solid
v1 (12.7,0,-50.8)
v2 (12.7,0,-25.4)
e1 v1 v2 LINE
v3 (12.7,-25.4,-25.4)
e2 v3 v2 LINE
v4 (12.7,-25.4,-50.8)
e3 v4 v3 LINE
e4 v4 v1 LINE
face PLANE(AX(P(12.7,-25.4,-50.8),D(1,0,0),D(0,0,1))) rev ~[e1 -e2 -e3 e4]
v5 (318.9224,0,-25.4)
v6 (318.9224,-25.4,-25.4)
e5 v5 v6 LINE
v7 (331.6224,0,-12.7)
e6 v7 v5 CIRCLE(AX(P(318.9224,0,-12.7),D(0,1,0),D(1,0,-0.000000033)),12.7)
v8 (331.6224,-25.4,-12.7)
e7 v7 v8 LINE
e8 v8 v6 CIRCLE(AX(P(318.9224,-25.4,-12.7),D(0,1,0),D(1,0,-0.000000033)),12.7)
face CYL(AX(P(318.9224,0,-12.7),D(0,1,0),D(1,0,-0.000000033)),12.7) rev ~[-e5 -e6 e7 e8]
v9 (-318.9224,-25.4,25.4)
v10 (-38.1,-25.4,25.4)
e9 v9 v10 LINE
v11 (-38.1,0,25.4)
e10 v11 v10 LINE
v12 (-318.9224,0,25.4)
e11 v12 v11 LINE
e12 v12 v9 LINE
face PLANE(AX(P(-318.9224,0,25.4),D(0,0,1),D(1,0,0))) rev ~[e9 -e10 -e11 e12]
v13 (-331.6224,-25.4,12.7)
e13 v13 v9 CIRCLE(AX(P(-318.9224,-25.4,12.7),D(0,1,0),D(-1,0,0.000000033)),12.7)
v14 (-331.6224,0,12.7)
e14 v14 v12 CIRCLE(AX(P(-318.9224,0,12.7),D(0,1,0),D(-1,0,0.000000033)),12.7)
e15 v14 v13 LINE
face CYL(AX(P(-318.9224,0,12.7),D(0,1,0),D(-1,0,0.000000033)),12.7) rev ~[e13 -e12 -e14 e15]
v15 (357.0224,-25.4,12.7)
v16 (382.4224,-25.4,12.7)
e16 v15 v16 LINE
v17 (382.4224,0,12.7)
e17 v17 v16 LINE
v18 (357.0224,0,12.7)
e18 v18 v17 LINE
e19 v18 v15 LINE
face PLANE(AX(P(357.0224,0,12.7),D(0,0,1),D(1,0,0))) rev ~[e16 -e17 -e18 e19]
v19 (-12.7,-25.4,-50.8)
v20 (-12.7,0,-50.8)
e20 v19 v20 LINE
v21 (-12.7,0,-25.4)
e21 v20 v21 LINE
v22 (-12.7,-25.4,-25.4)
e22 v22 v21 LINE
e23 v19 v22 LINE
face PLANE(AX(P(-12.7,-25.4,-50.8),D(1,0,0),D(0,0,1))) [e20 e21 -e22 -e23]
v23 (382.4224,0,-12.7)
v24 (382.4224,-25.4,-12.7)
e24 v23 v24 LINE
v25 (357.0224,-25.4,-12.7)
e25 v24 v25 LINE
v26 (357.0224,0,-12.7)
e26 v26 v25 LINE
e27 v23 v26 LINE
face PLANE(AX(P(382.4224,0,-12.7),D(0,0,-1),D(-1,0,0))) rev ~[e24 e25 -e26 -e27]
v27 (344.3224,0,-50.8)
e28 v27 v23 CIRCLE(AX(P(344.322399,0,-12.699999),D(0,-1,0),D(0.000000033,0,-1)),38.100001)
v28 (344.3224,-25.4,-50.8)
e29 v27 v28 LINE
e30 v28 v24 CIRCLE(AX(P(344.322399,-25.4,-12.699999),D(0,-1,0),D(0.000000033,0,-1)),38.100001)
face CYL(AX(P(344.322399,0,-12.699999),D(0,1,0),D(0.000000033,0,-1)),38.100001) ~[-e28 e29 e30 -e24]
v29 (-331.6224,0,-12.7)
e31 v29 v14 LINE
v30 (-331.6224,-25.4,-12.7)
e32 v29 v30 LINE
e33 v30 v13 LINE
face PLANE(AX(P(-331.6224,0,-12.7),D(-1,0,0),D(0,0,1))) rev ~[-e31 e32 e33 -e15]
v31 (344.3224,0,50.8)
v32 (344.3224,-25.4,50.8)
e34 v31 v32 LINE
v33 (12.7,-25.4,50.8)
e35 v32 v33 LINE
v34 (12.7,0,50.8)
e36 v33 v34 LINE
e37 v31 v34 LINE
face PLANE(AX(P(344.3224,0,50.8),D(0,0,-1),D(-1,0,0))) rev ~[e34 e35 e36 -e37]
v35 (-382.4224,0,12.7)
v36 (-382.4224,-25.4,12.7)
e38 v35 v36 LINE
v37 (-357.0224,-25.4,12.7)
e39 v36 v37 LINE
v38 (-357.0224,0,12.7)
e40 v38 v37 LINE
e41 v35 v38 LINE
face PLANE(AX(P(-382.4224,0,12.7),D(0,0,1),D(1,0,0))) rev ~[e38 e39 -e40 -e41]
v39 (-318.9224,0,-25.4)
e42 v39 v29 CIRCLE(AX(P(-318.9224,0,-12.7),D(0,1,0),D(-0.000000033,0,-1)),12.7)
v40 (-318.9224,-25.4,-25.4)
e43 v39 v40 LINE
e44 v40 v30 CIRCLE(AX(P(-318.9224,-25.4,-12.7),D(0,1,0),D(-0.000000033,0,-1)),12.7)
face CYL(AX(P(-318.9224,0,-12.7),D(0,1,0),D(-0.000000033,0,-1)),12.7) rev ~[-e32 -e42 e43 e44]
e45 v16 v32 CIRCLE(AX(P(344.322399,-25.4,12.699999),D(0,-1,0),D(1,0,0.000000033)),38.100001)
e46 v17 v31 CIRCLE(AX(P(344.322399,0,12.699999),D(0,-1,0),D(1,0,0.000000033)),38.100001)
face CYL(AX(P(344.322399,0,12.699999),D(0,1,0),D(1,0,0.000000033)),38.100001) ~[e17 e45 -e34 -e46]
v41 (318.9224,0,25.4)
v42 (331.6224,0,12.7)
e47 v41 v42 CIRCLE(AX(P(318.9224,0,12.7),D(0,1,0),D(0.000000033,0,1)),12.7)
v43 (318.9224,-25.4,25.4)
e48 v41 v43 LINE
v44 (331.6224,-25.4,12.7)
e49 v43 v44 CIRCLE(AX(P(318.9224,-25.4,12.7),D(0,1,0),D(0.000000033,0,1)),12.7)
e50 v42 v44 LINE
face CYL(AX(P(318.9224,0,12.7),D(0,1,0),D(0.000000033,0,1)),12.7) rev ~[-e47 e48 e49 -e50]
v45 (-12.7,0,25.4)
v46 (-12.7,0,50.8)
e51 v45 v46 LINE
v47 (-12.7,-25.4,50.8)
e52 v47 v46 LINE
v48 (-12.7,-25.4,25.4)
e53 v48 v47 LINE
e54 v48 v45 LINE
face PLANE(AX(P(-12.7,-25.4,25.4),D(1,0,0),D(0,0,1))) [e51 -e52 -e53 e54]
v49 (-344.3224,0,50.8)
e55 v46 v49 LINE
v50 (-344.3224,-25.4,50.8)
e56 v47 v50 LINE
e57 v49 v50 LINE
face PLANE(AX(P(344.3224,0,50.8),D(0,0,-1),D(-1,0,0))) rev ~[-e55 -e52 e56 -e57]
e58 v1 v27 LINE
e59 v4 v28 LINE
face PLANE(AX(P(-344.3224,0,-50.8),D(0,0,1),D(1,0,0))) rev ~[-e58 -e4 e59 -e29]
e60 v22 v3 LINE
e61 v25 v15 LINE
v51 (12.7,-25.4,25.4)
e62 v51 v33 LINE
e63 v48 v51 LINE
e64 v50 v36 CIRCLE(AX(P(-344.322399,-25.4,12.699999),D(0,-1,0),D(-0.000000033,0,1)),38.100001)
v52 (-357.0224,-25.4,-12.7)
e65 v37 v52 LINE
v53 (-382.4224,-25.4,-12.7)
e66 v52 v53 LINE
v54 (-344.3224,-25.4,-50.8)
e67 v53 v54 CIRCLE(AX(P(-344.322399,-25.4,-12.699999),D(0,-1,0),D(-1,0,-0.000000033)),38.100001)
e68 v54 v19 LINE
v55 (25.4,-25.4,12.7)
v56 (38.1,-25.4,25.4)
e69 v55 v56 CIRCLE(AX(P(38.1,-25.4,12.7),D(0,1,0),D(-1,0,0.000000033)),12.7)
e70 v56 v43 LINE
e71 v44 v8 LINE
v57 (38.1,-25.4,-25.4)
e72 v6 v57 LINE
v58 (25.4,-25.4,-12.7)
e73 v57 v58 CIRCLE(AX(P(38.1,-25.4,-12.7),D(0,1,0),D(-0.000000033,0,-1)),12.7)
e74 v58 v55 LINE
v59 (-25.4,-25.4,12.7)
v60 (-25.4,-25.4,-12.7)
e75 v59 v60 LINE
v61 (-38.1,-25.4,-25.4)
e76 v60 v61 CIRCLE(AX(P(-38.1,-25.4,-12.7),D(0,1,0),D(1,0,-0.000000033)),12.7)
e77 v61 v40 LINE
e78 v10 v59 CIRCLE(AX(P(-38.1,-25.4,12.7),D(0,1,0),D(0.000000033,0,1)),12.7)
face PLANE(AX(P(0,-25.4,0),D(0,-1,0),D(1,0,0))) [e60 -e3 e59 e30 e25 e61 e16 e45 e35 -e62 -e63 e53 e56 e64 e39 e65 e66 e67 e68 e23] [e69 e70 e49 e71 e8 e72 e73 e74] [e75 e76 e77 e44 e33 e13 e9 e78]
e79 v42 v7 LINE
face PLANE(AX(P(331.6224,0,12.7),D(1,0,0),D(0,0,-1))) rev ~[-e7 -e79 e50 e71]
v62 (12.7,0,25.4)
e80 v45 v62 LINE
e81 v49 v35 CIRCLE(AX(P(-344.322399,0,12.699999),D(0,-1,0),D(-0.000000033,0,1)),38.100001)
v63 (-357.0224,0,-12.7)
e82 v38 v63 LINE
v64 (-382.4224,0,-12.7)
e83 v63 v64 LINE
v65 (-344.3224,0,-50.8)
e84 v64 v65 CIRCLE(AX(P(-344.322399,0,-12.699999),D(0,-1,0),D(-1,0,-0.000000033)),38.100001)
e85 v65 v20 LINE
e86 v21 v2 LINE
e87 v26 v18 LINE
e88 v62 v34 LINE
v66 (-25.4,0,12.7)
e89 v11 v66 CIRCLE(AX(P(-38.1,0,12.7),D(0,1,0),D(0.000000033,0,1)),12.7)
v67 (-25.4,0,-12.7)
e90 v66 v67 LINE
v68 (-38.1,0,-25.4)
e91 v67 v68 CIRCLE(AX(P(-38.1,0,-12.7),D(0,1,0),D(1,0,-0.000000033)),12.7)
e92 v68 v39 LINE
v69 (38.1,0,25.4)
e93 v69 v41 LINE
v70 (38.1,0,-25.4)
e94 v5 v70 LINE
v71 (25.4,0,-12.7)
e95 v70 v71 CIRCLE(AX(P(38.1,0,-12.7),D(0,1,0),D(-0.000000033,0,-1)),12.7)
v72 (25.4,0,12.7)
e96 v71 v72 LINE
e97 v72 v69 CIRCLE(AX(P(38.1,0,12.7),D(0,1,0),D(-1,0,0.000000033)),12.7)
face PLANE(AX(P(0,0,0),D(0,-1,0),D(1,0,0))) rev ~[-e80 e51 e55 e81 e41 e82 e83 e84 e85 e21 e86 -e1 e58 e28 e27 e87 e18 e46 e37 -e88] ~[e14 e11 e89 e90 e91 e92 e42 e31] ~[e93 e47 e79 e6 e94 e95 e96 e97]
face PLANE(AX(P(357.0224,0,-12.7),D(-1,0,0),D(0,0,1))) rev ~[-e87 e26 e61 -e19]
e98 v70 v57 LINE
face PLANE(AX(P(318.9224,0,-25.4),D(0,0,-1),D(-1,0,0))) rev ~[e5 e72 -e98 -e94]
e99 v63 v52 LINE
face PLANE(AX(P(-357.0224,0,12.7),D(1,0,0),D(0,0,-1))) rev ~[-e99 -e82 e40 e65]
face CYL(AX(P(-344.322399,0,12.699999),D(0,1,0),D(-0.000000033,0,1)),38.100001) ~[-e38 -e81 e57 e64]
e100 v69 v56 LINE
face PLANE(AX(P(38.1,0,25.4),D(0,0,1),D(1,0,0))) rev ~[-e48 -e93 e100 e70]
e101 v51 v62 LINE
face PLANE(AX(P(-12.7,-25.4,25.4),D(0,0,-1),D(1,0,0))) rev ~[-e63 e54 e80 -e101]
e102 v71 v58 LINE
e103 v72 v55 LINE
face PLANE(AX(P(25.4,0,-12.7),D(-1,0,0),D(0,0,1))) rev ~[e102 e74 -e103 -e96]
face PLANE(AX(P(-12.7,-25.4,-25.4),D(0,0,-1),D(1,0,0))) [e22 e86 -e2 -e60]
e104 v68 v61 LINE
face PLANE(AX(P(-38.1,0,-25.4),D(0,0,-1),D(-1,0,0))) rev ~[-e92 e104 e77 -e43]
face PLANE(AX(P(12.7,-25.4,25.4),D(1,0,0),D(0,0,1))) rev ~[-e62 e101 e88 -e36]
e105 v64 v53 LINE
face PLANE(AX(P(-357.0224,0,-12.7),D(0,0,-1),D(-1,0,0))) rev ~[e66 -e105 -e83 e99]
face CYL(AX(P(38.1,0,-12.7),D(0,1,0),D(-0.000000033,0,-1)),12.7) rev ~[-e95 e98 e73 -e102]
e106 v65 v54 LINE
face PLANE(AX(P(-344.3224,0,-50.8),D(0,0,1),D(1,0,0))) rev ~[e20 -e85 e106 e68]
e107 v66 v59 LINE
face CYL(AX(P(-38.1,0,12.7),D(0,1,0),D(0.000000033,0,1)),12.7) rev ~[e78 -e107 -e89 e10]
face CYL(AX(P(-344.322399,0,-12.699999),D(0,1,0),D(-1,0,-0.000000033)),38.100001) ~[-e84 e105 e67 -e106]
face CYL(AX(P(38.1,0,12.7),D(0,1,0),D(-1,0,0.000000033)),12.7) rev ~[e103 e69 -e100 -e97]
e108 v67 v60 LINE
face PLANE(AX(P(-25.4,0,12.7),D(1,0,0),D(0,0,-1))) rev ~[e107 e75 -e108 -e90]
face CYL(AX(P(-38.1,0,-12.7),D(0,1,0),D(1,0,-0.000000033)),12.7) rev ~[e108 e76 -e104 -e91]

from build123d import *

# Parameters (mm, degrees)
F1_DEPTH = 25.4
F2_W     = 25.4
F2_H     = 25.4
F3_DEPTH = 25.4


with BuildPart() as f1:
    # F0 (on Front) → F1 (new body)
    with BuildSketch(Plane.XZ):
        with BuildLine():
            Line((-382.4224, 12.7), (-357.0224, 12.7))
            Line((-357.0224, 12.7), (-357.0224, -12.7))
            Line((-357.0224, -12.7), (-382.4224, -12.7))
            ThreePointArc((-382.4224, -12.7), (-371.263168, -39.640768), (-344.3224, -50.8))
            Line((-344.3224, -50.8), (0, -50.8))
            Line((0, -50.8), (344.3224, -50.8))
            ThreePointArc((344.3224, -50.8), (371.263168, -39.640768), (382.4224, -12.7))
            Line((382.4224, -12.7), (357.0224, -12.7))
            Line((357.0224, -12.7), (357.0224, 12.7))
            Line((357.0224, 12.7), (382.4224, 12.7))
            ThreePointArc((382.4224, 12.7), (371.263168, 39.640768), (344.3224, 50.8))
            Line((344.3224, 50.8), (0, 50.8))
            Line((0, 50.8), (-344.3224, 50.8))
            ThreePointArc((-344.3224, 50.8), (-371.263168, 39.640768), (-382.4224, 12.7))
        make_face()
        with BuildLine():
            Line((-38.1, -25.4), (-318.9224, -25.4))
            ThreePointArc((-318.9224, -25.4), (-327.902656, -21.680256), (-331.6224, -12.7))
            Line((-331.6224, -12.7), (-331.6224, 12.7))
            ThreePointArc((-331.6224, 12.7), (-327.902656, 21.680256), (-318.9224, 25.4))
            Line((-318.9224, 25.4), (-38.1, 25.4))
            ThreePointArc((-38.1, 25.4), (-29.119744, 21.680256), (-25.4, 12.7))
            Line((-25.4, 12.7), (-25.4, -12.7))
            ThreePointArc((-25.4, -12.7), (-29.119744, -21.680256), (-38.1, -25.4))
        make_face(mode=Mode.SUBTRACT)
        with BuildLine():
            ThreePointArc((331.6224, -12.7), (327.902656, -21.680256), (318.9224, -25.4))
            Line((318.9224, -25.4), (38.1, -25.4))
            ThreePointArc((38.1, -25.4), (29.119744, -21.680256), (25.4, -12.7))
            Line((25.4, -12.7), (25.4, 12.7))
            ThreePointArc((25.4, 12.7), (29.119744, 21.680256), (38.1, 25.4))
            Line((38.1, 25.4), (318.9224, 25.4))
            ThreePointArc((318.9224, 25.4), (327.902656, 21.680256), (331.6224, 12.7))
            Line((331.6224, 12.7), (331.6224, -12.7))
        make_face(mode=Mode.SUBTRACT)
    extrude(amount=F1_DEPTH)

    # F2 (on face) → F3 (cut)
    with BuildSketch(Plane.XZ.offset(25.4)):
        with Locations((0, 38.1)):
            Rectangle(F2_W, F2_H)
        with Locations((0, -38.1)):
            Rectangle(F2_W, F2_H)
    extrude(amount=-F3_DEPTH, mode=Mode.SUBTRACT)


solid = f1.part
